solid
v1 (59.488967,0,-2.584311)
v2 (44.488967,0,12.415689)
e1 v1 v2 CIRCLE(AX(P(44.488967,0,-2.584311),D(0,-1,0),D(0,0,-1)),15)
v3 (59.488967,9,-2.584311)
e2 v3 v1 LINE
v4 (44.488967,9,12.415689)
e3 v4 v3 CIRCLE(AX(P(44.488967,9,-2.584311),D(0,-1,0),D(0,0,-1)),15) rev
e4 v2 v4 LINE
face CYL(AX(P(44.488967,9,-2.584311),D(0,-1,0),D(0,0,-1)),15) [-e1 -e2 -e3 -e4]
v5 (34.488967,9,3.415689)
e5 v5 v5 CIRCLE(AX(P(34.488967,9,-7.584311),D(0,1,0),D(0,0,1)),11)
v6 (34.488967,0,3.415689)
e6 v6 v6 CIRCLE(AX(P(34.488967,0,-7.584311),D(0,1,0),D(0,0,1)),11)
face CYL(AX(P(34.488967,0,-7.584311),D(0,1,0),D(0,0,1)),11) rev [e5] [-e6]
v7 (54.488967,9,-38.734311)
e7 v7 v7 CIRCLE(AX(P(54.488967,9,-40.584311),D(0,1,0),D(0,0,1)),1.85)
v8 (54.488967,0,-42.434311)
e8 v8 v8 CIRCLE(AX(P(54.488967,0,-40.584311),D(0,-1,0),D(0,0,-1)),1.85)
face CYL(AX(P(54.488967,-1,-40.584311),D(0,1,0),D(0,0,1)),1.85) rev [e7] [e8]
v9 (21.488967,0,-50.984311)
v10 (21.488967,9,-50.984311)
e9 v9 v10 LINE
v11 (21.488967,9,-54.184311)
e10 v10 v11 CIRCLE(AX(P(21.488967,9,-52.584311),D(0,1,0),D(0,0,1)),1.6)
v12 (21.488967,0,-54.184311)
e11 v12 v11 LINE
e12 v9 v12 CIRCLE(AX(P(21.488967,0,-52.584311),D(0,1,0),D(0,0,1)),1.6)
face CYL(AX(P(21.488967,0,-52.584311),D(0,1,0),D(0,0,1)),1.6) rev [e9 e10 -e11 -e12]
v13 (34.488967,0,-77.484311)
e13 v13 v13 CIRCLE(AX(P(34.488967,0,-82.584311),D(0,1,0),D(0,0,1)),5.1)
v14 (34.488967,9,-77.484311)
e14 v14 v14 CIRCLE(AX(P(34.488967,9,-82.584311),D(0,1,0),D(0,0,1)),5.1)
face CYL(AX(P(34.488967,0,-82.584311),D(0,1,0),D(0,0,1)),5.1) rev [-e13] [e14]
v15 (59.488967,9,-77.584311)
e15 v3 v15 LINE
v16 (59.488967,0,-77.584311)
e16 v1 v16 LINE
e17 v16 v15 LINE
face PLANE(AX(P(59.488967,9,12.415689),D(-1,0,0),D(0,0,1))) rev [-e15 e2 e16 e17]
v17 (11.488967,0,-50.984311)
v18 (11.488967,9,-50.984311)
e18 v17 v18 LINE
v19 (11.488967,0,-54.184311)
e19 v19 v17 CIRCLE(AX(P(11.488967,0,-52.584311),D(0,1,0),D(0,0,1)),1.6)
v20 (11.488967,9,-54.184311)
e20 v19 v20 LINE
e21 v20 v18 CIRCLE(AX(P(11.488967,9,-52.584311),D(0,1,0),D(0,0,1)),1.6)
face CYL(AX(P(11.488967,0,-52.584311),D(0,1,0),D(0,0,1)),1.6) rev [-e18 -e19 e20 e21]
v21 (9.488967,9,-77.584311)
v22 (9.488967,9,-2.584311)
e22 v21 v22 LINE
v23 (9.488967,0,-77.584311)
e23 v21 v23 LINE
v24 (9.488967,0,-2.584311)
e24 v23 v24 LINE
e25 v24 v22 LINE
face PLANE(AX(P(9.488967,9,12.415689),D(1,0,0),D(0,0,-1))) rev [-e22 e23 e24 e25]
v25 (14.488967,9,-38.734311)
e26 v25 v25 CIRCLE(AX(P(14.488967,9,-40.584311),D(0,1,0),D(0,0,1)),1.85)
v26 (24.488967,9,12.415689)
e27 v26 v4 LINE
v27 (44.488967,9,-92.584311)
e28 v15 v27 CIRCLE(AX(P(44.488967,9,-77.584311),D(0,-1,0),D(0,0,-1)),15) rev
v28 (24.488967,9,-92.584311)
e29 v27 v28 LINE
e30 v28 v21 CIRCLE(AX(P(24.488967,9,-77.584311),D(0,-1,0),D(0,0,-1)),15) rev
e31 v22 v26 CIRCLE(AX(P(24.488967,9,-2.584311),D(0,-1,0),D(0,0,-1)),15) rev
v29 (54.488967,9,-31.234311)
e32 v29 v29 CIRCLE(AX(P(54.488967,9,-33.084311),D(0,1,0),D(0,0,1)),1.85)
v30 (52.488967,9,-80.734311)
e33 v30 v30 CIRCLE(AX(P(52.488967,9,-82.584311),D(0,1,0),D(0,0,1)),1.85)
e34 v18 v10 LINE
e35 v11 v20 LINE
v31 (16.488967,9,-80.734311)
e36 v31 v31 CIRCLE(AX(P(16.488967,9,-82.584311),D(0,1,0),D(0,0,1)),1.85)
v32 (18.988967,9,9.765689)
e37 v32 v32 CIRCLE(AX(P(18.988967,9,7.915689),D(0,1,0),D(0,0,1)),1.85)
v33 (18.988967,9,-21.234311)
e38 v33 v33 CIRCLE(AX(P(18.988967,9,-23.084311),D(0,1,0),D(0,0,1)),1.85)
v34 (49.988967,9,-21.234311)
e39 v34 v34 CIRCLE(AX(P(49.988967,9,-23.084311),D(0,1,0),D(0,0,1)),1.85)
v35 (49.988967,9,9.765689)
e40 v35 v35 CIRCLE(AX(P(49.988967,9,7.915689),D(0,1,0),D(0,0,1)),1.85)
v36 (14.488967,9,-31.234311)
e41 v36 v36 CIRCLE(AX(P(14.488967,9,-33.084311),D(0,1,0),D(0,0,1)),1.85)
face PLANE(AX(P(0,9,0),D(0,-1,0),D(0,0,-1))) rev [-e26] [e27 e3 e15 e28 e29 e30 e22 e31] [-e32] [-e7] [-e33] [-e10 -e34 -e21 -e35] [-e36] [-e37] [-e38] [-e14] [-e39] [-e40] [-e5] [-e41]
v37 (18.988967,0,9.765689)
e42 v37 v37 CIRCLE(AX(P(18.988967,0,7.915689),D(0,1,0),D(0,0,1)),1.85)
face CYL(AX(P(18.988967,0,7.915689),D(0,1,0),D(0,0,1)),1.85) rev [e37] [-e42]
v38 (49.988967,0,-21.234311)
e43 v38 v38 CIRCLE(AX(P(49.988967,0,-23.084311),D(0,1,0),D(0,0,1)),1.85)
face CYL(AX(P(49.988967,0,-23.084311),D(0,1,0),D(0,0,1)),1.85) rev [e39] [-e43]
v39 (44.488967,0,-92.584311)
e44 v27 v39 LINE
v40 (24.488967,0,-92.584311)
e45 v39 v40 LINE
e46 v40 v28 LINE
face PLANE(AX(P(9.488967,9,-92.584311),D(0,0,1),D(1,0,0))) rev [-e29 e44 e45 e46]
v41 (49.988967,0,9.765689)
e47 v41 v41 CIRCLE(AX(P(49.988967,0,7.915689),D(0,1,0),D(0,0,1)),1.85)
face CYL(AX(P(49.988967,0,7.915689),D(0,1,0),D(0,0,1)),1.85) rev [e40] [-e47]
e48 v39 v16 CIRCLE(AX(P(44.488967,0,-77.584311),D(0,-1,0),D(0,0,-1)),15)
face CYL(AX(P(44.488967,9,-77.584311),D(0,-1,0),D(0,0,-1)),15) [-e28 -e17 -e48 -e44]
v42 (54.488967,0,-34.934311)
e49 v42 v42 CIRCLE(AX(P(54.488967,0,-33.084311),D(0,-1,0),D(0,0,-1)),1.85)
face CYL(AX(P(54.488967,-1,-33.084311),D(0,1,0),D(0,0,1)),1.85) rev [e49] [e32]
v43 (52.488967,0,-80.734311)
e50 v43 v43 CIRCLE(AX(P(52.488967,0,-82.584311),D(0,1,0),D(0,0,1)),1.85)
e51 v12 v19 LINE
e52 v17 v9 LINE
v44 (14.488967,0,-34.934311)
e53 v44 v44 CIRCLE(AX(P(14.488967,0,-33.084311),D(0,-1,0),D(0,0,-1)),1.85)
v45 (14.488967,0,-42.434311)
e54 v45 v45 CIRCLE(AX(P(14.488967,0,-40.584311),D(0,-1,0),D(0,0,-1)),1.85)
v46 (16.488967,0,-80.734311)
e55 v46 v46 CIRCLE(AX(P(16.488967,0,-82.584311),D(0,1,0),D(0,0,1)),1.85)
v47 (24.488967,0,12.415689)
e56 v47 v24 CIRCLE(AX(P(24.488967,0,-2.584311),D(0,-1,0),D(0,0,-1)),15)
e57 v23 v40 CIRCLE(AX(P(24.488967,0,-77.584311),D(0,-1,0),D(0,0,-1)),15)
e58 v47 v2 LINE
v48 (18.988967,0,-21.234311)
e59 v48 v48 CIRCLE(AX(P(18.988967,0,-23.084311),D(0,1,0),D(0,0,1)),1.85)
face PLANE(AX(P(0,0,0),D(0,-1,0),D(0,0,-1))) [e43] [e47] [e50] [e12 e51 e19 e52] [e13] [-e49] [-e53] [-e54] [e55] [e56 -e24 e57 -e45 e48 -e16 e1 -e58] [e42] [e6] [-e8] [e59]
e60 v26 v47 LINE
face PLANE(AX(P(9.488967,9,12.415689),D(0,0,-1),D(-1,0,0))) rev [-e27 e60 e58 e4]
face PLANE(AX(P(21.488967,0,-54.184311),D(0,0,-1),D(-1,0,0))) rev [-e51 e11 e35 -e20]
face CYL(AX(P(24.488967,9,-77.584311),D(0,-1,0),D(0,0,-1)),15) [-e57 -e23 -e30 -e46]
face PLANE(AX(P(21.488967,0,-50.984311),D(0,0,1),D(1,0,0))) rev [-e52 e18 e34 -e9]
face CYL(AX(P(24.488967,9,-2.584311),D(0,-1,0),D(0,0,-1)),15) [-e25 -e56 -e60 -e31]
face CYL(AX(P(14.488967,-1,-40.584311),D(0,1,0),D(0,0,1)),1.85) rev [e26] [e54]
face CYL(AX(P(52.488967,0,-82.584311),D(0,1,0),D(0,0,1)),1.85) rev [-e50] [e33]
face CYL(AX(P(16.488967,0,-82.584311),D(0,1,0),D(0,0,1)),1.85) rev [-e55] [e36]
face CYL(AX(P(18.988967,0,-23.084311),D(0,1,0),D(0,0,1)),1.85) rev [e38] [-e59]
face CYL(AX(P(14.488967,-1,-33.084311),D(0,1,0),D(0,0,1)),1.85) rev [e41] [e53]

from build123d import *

# Parameters (mm, degrees)
SKETCH1_W           = 50
SKETCH1_H           = 105
BOSS_EXTRUDE1_DEPTH = 9
SKETCH2_R           = 11
SKETCH2_R_2         = 1.85
SKETCH2_R_3         = 5.1
CUT_EXTRUDE1_DEPTH  = 9
SKETCH3_R           = 1.85
CUT_EXTRUDE4_DEPTH  = 10
FILLET1_R           = 15


with BuildPart() as part:
    # Sketch1 → Boss-Extrude1 (new body)
    with BuildSketch(Plane(origin=(0, 0, 0), x_dir=(1, 0, 0), z_dir=(0, 1, 0))):
        with Locations((34.488967371, 40.084311239)):
            Rectangle(SKETCH1_W, SKETCH1_H)
    extrude(amount=BOSS_EXTRUDE1_DEPTH)

    # Sketch2 → Cut-Extrude1 (cut)
    with BuildSketch(Plane(origin=(0, 9, 0), x_dir=(1, 0, 0), z_dir=(0, 1, 0))):
        with Locations((34.488967371, 7.584311239)):
            Circle(SKETCH2_R)
        with Locations((49.988967371, 23.084311239)):
            Circle(SKETCH2_R_2)
        with Locations((18.988967371, -7.915688761)):
            Circle(SKETCH2_R_2)
        with Locations((49.988967371, -7.915688761)):
            Circle(SKETCH2_R_2)
        with Locations((18.988967371, 23.084311239)):
            Circle(SKETCH2_R_2)
        with Locations((52.488967371, 82.584311239)):
            Circle(SKETCH2_R_2)
        with Locations((34.488967371, 82.584311239)):
            Circle(SKETCH2_R_3)
        with Locations((16.488967371, 82.584311239)):
            Circle(SKETCH2_R_2)
        with BuildLine():
            Line((21.488967371, 50.984311239), (11.488967371, 50.984311239))
            ThreePointArc((11.488967371, 50.984311239), (9.888967371, 52.584311239), (11.488967371, 54.184311239))
            Line((11.488967371, 54.184311239), (21.488967371, 54.184311239))
            ThreePointArc((21.488967371, 54.184311239), (23.088967371, 52.584311239), (21.488967371, 50.984311239))
        make_face()
    extrude(amount=-CUT_EXTRUDE1_DEPTH, mode=Mode.SUBTRACT)

    # Sketch3 → Cut-Extrude4 (cut)
    with BuildSketch(Plane(origin=(0, 9, 0), x_dir=(1, 0, 0), z_dir=(0, 1, 0))):
        with Locations((14.488967371, 40.584311239)):
            Circle(SKETCH3_R)
        with Locations((54.488967371, 40.584311239)):
            Circle(SKETCH3_R)
        with Locations((54.488967371, 33.084311239)):
            Circle(SKETCH3_R)
        with Locations((14.488967371, 33.084311239)):
            Circle(SKETCH3_R)
    extrude(amount=-CUT_EXTRUDE4_DEPTH, mode=Mode.SUBTRACT)

    # Fillet1
    fillet1_edges = [part.edges().sort_by_distance(p)[0] for p in [
        (9.488967371, 4.5, -92.584311239),
        (59.488967371, 4.5, -92.584311239),
        (59.488967371, 4.5, 12.415688761),
        (9.488967371, 4.5, 12.415688761),
    ]]
    fillet(fillet1_edges, radius=FILLET1_R)


solid = part.part
